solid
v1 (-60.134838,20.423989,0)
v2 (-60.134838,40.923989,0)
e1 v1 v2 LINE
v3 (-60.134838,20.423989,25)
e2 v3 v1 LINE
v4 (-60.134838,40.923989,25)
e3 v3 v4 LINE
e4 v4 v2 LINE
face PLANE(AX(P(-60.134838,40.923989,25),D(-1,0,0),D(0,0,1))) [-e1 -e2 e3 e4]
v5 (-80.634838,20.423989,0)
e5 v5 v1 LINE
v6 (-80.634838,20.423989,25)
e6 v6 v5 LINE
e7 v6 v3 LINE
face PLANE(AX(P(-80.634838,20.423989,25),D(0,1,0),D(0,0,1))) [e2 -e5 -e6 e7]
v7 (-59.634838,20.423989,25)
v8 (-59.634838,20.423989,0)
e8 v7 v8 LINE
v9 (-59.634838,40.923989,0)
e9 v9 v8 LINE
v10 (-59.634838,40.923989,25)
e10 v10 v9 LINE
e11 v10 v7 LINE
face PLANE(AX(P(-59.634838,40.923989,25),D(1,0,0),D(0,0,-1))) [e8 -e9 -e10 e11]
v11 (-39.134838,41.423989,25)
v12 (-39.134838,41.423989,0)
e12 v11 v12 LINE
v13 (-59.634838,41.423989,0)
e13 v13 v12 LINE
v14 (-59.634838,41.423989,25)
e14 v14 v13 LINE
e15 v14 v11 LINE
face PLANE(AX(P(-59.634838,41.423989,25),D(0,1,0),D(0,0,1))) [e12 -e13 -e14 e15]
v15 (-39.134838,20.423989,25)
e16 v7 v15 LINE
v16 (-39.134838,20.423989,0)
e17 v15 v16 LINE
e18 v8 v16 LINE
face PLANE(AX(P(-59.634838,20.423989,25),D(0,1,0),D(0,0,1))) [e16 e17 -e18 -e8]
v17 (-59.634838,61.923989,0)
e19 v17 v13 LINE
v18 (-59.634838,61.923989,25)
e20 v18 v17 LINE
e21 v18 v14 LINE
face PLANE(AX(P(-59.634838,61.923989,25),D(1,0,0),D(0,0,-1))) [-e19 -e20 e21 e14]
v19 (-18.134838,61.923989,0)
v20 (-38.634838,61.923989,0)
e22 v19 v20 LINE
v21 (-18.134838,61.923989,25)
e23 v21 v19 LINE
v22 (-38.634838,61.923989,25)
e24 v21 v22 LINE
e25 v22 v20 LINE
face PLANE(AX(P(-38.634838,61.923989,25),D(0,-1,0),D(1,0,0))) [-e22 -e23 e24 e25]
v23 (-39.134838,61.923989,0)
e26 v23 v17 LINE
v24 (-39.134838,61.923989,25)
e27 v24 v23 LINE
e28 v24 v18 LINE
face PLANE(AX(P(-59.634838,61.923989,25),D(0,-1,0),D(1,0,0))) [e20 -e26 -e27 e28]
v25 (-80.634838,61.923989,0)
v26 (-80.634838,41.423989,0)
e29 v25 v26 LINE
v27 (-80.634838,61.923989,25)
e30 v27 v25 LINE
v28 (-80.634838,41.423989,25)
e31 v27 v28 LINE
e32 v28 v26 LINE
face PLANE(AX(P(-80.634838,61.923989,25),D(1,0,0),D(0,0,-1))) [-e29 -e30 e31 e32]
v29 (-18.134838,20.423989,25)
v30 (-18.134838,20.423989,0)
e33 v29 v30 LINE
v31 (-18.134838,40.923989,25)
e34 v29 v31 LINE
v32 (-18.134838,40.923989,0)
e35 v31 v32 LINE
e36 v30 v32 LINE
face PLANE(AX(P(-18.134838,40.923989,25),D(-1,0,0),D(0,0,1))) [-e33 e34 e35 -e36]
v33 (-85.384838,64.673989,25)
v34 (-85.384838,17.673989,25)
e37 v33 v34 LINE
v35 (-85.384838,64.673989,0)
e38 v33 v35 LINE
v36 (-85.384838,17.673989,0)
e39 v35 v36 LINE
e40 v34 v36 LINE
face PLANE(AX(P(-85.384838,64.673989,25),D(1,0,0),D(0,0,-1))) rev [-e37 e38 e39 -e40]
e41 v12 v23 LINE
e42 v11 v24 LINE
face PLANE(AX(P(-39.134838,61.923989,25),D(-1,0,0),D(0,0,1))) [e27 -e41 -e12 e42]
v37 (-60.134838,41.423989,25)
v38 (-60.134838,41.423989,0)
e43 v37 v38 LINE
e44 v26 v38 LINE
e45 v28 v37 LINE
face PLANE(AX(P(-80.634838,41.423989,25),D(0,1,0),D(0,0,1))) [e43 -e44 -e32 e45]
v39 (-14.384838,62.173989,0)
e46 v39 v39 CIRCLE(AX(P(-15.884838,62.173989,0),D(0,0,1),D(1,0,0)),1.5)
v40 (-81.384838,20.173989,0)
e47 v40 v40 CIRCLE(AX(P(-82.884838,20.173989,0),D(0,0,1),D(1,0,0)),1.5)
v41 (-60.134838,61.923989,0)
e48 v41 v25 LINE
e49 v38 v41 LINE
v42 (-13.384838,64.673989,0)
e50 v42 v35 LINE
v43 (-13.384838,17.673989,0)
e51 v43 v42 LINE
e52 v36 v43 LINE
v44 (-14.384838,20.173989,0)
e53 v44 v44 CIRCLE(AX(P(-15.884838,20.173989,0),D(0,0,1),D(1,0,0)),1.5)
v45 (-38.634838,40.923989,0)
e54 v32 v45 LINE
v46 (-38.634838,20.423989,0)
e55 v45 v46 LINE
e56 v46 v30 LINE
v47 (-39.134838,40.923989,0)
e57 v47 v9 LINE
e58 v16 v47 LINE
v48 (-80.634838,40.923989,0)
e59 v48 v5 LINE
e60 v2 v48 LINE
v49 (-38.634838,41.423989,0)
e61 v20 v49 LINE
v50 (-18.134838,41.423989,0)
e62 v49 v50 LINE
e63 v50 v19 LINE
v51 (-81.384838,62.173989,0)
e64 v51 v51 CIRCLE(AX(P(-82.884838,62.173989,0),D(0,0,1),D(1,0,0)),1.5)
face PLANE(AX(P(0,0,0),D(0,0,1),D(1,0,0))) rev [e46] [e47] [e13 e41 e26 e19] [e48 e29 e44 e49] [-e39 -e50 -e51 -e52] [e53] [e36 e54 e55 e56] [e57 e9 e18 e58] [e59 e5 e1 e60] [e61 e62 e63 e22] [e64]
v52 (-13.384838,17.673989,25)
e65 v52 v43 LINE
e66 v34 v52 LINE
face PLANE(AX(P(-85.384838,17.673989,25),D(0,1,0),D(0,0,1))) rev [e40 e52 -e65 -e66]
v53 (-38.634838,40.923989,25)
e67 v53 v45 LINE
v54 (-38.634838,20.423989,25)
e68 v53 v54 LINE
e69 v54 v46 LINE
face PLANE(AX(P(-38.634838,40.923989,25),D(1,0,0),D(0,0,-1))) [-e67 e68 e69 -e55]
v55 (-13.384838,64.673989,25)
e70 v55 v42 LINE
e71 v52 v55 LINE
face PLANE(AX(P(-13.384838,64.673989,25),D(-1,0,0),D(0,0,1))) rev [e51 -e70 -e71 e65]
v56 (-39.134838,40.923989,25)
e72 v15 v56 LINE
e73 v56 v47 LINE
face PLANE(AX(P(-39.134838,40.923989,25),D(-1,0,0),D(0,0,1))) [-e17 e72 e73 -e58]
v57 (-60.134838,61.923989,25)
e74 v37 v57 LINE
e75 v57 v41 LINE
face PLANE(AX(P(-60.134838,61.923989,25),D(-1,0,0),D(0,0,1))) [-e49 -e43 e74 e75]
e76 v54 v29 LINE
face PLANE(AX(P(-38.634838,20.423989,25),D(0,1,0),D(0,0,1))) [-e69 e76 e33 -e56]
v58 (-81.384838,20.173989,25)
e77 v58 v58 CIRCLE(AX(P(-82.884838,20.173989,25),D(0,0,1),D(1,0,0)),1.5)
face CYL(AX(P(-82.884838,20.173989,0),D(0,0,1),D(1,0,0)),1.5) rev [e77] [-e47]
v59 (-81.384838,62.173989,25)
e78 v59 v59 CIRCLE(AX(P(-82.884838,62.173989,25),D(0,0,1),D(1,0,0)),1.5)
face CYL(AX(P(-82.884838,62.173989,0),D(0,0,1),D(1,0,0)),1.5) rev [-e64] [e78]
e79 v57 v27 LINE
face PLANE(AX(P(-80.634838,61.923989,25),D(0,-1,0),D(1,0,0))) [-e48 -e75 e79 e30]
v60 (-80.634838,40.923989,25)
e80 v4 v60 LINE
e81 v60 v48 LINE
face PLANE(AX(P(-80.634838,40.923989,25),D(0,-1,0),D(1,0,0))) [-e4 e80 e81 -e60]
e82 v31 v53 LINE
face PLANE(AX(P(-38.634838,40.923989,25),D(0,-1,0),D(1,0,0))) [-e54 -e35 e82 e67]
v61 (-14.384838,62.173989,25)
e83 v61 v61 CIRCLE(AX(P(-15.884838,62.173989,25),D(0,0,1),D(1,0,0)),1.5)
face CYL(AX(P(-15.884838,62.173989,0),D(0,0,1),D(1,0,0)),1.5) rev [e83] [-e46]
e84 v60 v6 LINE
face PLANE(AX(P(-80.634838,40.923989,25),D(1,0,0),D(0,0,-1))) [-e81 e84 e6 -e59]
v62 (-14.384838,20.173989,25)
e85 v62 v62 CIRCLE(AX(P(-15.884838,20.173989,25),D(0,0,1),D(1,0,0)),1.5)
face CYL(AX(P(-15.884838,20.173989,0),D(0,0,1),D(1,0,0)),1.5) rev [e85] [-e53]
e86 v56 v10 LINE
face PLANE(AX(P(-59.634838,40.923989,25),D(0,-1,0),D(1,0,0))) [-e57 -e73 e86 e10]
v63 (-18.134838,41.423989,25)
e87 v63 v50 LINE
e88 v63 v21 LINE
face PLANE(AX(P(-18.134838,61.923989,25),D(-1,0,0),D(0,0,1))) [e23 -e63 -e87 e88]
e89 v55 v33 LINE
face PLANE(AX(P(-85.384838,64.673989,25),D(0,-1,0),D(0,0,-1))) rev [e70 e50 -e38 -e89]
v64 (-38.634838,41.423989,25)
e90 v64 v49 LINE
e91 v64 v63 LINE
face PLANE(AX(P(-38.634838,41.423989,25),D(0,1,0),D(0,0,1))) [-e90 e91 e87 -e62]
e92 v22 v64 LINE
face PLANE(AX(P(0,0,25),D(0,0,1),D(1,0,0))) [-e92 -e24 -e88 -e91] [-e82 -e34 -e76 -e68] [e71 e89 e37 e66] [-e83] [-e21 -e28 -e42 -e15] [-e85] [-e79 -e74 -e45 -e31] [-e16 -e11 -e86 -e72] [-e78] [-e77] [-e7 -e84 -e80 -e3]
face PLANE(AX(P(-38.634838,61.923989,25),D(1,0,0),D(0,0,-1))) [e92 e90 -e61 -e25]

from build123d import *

# Parameters (mm, degrees)
SKETCH_1_W          = 72
SKETCH_1_H          = 47
SKETCH_1_W_2        = 20.5
SKETCH_1_H_2        = 20.5
EXTRUDE_1_DEPTH     = 25
SKETCH_2_R          = 1.5
CUT_EXTRUDE_1_DEPTH = 26


with BuildPart() as part:
    # ｽｹｯﾁ1 → ﾎﾞｽ - 押し出し1 (new body)
    with BuildSketch(Plane.XY):
        with Locations((-49.384838442, 41.173989141)):
            Rectangle(SKETCH_1_W, SKETCH_1_H)
        with Locations((-49.384838442, 30.673989141)):
            Rectangle(SKETCH_1_W_2, SKETCH_1_H_2, mode=Mode.SUBTRACT)
        with Locations((-70.384838442, 30.673989141)):
            Rectangle(SKETCH_1_W_2, SKETCH_1_H_2, mode=Mode.SUBTRACT)
        with Locations((-28.384838442, 30.673989141)):
            Rectangle(SKETCH_1_W_2, SKETCH_1_H_2, mode=Mode.SUBTRACT)
        with Locations((-49.384838442, 51.673989141)):
            Rectangle(SKETCH_1_W_2, SKETCH_1_H_2, mode=Mode.SUBTRACT)
        with Locations((-28.384838442, 51.673989141)):
            Rectangle(SKETCH_1_W_2, SKETCH_1_H_2, mode=Mode.SUBTRACT)
        with Locations((-70.384838442, 51.673989141)):
            Rectangle(SKETCH_1_W_2, SKETCH_1_H_2, mode=Mode.SUBTRACT)
    extrude(amount=EXTRUDE_1_DEPTH)

    # ｽｹｯﾁ2 → ｶｯﾄ - 押し出し1 (cut, through all)
    with BuildSketch(Plane.XY.offset(25)):
        with Locations((-15.884838442, 62.173989141)):
            Circle(SKETCH_2_R)
        with Locations((-82.884838442, 62.173989141)):
            Circle(SKETCH_2_R)
        with Locations((-82.884838442, 20.173989141)):
            Circle(SKETCH_2_R)
        with Locations((-15.884838442, 20.173989141)):
            Circle(SKETCH_2_R)
    extrude(amount=-CUT_EXTRUDE_1_DEPTH, mode=Mode.SUBTRACT)


solid = part.part
